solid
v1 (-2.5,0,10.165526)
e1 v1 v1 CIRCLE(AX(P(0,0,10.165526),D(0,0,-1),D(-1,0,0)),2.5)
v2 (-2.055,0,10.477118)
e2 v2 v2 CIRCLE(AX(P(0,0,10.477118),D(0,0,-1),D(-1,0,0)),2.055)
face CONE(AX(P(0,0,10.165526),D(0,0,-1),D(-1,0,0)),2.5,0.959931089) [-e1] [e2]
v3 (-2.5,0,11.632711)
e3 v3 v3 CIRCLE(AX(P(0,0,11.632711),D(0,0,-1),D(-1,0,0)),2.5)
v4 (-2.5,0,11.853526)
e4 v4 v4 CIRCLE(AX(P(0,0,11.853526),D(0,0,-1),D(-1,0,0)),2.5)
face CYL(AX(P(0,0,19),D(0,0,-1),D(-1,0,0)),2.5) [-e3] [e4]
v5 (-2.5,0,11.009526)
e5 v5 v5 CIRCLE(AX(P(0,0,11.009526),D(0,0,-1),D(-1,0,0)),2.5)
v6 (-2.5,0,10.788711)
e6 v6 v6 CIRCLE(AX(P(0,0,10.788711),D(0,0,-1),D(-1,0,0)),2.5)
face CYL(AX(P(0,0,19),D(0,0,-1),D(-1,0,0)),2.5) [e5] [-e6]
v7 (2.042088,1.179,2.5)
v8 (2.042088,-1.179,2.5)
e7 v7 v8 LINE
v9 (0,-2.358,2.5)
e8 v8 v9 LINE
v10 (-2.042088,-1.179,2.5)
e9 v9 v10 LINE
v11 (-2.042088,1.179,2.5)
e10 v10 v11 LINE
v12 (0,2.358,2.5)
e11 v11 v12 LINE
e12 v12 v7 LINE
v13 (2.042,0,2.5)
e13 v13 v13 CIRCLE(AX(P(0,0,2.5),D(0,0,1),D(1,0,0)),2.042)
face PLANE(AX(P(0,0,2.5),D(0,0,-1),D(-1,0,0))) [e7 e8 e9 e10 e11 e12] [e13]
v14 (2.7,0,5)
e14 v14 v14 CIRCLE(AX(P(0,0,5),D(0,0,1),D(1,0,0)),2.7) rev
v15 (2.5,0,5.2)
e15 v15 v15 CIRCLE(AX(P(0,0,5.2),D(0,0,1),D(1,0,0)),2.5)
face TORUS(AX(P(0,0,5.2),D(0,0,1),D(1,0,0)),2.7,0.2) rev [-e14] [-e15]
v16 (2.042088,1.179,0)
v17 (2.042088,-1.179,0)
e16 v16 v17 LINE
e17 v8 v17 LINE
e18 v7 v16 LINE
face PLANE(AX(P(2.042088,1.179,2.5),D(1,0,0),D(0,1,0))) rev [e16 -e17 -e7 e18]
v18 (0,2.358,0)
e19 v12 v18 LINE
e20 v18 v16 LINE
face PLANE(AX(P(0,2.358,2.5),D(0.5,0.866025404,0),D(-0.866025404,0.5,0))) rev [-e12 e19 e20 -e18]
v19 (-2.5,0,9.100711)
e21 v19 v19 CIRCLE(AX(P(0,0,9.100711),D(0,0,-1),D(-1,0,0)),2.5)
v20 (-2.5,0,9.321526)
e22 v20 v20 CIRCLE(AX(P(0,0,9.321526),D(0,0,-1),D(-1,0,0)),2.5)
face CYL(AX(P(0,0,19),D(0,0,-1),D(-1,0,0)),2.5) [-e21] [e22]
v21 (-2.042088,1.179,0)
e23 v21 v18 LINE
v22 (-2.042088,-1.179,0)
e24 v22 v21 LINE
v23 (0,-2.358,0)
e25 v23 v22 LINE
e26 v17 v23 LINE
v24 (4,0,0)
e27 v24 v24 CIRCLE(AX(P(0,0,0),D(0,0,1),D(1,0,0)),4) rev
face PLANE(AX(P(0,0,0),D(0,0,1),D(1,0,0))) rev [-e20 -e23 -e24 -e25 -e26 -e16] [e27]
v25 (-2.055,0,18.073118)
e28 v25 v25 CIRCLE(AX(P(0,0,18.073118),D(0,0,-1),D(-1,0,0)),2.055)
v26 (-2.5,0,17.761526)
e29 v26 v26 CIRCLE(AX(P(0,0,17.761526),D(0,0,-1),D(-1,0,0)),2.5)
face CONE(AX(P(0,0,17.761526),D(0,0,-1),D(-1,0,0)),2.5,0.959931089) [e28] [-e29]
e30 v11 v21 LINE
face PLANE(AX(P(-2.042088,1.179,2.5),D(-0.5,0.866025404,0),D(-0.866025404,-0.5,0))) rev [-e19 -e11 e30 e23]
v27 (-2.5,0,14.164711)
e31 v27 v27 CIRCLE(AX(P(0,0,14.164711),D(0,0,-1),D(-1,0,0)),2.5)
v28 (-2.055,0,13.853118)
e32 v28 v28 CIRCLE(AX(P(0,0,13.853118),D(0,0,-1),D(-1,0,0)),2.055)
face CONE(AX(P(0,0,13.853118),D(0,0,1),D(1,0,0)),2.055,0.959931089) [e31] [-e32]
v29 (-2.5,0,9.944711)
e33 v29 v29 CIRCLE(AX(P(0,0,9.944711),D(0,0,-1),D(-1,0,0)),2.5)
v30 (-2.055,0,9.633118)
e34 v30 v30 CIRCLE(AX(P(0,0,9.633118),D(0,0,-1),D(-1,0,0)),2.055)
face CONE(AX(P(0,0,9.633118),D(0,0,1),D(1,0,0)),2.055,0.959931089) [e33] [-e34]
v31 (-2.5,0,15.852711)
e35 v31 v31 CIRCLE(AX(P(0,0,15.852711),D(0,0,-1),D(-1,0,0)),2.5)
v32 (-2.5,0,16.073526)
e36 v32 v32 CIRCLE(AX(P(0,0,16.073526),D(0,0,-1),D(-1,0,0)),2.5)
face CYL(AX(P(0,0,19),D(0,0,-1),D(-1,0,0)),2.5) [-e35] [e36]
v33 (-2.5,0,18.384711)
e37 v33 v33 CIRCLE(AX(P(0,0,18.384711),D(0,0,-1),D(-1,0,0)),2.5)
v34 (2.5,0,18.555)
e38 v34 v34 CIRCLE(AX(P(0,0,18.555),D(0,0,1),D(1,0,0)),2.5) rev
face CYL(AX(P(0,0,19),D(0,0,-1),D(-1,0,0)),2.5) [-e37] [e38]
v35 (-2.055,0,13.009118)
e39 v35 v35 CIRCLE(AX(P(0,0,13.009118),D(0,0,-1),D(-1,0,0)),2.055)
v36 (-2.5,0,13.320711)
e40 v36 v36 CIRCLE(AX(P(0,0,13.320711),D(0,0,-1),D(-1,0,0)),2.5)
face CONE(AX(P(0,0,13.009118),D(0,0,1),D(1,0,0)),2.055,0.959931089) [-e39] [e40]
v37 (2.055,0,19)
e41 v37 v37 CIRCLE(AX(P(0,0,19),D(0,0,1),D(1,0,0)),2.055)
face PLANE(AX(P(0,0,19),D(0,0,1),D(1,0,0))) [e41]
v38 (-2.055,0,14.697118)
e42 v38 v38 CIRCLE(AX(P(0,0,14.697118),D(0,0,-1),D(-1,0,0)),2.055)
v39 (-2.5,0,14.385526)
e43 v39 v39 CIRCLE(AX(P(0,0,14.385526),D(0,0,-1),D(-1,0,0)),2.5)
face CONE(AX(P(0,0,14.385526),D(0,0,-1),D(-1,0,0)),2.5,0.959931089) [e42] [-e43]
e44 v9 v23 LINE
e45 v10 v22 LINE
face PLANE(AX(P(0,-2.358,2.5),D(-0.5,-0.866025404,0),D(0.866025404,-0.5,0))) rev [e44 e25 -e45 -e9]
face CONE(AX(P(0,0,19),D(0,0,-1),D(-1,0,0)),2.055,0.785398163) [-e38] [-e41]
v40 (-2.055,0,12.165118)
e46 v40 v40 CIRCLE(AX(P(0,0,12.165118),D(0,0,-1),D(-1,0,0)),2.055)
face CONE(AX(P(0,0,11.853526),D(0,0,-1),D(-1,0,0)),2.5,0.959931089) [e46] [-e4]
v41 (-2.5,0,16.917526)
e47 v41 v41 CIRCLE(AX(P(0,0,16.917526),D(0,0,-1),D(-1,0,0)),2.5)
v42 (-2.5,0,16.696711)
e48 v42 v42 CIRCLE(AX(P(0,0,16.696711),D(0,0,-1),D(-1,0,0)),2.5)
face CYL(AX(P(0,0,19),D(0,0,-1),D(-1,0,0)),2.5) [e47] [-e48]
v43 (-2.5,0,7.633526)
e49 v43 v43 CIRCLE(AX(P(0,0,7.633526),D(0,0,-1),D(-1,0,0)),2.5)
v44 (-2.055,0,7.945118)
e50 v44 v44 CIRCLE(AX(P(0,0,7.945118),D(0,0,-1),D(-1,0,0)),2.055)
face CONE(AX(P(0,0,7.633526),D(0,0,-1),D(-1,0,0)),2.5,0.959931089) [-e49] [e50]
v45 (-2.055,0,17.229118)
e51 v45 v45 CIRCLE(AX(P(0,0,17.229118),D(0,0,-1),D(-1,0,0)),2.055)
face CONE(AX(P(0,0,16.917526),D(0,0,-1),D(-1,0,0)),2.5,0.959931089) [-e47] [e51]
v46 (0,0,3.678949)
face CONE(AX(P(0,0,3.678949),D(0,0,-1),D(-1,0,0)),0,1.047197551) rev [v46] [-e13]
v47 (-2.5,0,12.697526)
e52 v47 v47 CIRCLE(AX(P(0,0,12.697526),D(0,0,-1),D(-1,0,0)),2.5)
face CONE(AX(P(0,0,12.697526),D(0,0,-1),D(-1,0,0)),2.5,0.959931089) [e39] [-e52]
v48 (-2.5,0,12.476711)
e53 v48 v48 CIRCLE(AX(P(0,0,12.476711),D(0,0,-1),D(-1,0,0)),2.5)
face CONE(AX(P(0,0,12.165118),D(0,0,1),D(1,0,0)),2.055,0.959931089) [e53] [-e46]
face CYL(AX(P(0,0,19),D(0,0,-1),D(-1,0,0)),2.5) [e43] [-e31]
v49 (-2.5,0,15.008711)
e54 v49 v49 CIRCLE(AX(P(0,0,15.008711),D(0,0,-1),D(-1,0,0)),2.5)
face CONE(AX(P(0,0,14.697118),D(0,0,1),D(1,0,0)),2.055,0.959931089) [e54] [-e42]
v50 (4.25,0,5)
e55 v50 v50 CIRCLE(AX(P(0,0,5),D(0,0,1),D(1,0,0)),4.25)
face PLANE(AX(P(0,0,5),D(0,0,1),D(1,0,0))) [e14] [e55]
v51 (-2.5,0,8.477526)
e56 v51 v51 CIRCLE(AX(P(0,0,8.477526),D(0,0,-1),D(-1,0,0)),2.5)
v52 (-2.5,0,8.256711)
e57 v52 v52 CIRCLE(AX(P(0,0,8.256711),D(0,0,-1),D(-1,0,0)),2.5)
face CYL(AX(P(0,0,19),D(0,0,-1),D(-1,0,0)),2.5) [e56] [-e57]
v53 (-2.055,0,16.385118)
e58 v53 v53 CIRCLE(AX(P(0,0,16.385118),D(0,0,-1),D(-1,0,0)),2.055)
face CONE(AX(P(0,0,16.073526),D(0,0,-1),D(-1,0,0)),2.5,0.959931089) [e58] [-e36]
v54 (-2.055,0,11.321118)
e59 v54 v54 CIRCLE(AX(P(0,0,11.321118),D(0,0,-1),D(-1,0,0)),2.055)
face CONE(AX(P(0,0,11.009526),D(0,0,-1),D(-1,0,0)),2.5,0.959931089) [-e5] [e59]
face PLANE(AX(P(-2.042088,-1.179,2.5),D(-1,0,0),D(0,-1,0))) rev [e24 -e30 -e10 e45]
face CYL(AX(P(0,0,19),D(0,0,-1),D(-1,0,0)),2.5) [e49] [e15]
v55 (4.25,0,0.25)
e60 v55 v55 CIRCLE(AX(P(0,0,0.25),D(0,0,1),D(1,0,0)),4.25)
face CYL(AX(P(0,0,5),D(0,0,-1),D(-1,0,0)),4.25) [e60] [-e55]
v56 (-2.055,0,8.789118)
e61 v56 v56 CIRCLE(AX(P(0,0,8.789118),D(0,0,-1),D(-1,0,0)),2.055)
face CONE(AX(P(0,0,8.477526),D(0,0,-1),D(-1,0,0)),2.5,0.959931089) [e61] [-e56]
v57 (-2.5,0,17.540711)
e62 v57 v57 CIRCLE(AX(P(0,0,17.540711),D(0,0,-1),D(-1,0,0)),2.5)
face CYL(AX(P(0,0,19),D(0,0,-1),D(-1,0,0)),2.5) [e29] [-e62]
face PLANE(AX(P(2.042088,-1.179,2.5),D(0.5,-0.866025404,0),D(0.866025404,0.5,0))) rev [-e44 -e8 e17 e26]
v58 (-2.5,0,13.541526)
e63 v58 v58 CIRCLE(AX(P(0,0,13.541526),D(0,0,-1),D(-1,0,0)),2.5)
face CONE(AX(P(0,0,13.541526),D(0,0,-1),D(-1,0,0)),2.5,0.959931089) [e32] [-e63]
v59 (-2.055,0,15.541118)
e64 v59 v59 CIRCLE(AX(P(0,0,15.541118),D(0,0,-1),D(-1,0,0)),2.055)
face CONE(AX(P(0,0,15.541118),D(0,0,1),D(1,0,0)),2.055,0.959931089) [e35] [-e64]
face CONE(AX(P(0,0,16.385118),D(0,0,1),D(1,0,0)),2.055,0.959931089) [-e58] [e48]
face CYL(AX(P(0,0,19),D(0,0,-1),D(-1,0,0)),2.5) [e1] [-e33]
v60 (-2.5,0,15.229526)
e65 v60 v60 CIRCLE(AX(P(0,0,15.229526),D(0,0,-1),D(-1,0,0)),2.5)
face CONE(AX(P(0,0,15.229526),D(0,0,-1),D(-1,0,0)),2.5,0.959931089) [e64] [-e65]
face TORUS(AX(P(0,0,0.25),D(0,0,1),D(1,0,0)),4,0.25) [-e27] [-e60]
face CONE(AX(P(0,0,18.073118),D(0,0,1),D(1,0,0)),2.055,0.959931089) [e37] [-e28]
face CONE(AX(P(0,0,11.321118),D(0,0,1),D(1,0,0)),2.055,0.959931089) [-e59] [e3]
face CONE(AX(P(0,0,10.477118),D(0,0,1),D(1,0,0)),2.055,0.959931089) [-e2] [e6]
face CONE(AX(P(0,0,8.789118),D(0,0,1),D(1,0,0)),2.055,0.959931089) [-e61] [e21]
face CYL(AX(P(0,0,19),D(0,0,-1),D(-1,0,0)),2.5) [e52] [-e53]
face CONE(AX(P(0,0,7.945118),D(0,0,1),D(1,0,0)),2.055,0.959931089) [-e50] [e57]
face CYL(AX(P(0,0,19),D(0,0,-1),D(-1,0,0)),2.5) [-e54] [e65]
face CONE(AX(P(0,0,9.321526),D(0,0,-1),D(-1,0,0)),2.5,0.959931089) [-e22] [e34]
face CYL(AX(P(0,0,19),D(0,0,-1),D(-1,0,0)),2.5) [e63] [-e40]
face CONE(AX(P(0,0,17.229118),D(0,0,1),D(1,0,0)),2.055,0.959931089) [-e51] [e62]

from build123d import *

# Parameters (mm, degrees)
SCHIZZO1_R                   = 4.25
ESTRUSIONE_ESTRUSIONE1_DEPTH = 5
SCHIZZO2_R                   = 2.5
ESTRUSIONE_ESTRUSIONE2_DEPTH = 14
TAGLIO_ESTRUSIONE1_DEPTH     = 2.5
RACCORDO1_R                  = 0.25
RACCORDO2_R                  = 0.2
SMUSSO1_SIZE                 = 0.445
RIPETIZIONE_A_L1_COUNT       = 13
RIPETIZIONE_A_L1_PITCH       = 0.844


with BuildPart() as part:
    # Schizzo1 → Estrusione-Estrusione1 (new body)
    with BuildSketch(Plane.XY):
        Circle(SCHIZZO1_R)
    extrude(amount=ESTRUSIONE_ESTRUSIONE1_DEPTH)

    # Schizzo2 → Estrusione-Estrusione2 (add)
    with BuildSketch(Plane.XY.offset(5)):
        Circle(SCHIZZO2_R)
    extrude(amount=ESTRUSIONE_ESTRUSIONE2_DEPTH)

    # Schizzo3 → Taglio-Estrusione1 (cut)
    with BuildSketch(Plane(origin=(0, 0, 0), x_dir=(-1, 0, 0), z_dir=(0, 0, -1))):
        Polygon((0, 2.358), (-2.042087902, 1.179), (-2.042087902, -1.179), (0, -2.358), (2.042087902, -1.179), (2.042087902, 1.179), align=None)
    extrude(amount=-TAGLIO_ESTRUSIONE1_DEPTH, mode=Mode.SUBTRACT)

    # Raccordo1
    raccordo1_edges = [part.edges().sort_by_distance(p)[0] for p in [
        (-4.25, 0, 0),
    ]]
    fillet(raccordo1_edges, radius=RACCORDO1_R)

    # Raccordo2
    raccordo2_edges = [part.edges().sort_by_distance(p)[0] for p in [
        (-2.5, 0, 5),
    ]]
    fillet(raccordo2_edges, radius=RACCORDO2_R)

    # Smusso1
    smusso1_edges = [part.edges().sort_by_distance(p)[0] for p in [
        (-2.5, 0, 19),
    ]]
    chamfer(smusso1_edges, length=SMUSSO1_SIZE)

    # Schizzo4 → Taglia-Rivoluzione1 (revolve, cut)
    with BuildSketch(Plane(origin=(0, 0, 0), x_dir=(0, 0, -1), z_dir=(1, 0, 0))):
        Polygon((-7.945118296, -2.055), (-8.25671065, -2.5), (-8.25671065, -3.125), (-7.633525941, -3.125), (-7.633525941, -2.5), align=None)
    taglia_rivoluzione1 = revolve(axis=Axis((0, 0, 0), (0, 0, 1)), mode=Mode.SUBTRACT)

    # Ripetizione a L1: Taglia-Rivoluzione1 ×13
    with Locations(*[(0, 0, i * RIPETIZIONE_A_L1_PITCH) for i in range(1, RIPETIZIONE_A_L1_COUNT)]):
        add(taglia_rivoluzione1, mode=Mode.SUBTRACT)

    # Schizzo5 → Taglia-Rivoluzione2 (revolve, cut)
    with BuildSketch(Plane(origin=(0, 0, 0), x_dir=(0, 0, -1), z_dir=(1, 0, 0))):
        Polygon((0, -2.042), (-2.5, -2.042), (-3.67894925, 0), (0, 0), align=None)
    revolve(axis=Axis((0, 0, 3.67894925), (0, 0, -1)), mode=Mode.SUBTRACT)


solid = part.part
